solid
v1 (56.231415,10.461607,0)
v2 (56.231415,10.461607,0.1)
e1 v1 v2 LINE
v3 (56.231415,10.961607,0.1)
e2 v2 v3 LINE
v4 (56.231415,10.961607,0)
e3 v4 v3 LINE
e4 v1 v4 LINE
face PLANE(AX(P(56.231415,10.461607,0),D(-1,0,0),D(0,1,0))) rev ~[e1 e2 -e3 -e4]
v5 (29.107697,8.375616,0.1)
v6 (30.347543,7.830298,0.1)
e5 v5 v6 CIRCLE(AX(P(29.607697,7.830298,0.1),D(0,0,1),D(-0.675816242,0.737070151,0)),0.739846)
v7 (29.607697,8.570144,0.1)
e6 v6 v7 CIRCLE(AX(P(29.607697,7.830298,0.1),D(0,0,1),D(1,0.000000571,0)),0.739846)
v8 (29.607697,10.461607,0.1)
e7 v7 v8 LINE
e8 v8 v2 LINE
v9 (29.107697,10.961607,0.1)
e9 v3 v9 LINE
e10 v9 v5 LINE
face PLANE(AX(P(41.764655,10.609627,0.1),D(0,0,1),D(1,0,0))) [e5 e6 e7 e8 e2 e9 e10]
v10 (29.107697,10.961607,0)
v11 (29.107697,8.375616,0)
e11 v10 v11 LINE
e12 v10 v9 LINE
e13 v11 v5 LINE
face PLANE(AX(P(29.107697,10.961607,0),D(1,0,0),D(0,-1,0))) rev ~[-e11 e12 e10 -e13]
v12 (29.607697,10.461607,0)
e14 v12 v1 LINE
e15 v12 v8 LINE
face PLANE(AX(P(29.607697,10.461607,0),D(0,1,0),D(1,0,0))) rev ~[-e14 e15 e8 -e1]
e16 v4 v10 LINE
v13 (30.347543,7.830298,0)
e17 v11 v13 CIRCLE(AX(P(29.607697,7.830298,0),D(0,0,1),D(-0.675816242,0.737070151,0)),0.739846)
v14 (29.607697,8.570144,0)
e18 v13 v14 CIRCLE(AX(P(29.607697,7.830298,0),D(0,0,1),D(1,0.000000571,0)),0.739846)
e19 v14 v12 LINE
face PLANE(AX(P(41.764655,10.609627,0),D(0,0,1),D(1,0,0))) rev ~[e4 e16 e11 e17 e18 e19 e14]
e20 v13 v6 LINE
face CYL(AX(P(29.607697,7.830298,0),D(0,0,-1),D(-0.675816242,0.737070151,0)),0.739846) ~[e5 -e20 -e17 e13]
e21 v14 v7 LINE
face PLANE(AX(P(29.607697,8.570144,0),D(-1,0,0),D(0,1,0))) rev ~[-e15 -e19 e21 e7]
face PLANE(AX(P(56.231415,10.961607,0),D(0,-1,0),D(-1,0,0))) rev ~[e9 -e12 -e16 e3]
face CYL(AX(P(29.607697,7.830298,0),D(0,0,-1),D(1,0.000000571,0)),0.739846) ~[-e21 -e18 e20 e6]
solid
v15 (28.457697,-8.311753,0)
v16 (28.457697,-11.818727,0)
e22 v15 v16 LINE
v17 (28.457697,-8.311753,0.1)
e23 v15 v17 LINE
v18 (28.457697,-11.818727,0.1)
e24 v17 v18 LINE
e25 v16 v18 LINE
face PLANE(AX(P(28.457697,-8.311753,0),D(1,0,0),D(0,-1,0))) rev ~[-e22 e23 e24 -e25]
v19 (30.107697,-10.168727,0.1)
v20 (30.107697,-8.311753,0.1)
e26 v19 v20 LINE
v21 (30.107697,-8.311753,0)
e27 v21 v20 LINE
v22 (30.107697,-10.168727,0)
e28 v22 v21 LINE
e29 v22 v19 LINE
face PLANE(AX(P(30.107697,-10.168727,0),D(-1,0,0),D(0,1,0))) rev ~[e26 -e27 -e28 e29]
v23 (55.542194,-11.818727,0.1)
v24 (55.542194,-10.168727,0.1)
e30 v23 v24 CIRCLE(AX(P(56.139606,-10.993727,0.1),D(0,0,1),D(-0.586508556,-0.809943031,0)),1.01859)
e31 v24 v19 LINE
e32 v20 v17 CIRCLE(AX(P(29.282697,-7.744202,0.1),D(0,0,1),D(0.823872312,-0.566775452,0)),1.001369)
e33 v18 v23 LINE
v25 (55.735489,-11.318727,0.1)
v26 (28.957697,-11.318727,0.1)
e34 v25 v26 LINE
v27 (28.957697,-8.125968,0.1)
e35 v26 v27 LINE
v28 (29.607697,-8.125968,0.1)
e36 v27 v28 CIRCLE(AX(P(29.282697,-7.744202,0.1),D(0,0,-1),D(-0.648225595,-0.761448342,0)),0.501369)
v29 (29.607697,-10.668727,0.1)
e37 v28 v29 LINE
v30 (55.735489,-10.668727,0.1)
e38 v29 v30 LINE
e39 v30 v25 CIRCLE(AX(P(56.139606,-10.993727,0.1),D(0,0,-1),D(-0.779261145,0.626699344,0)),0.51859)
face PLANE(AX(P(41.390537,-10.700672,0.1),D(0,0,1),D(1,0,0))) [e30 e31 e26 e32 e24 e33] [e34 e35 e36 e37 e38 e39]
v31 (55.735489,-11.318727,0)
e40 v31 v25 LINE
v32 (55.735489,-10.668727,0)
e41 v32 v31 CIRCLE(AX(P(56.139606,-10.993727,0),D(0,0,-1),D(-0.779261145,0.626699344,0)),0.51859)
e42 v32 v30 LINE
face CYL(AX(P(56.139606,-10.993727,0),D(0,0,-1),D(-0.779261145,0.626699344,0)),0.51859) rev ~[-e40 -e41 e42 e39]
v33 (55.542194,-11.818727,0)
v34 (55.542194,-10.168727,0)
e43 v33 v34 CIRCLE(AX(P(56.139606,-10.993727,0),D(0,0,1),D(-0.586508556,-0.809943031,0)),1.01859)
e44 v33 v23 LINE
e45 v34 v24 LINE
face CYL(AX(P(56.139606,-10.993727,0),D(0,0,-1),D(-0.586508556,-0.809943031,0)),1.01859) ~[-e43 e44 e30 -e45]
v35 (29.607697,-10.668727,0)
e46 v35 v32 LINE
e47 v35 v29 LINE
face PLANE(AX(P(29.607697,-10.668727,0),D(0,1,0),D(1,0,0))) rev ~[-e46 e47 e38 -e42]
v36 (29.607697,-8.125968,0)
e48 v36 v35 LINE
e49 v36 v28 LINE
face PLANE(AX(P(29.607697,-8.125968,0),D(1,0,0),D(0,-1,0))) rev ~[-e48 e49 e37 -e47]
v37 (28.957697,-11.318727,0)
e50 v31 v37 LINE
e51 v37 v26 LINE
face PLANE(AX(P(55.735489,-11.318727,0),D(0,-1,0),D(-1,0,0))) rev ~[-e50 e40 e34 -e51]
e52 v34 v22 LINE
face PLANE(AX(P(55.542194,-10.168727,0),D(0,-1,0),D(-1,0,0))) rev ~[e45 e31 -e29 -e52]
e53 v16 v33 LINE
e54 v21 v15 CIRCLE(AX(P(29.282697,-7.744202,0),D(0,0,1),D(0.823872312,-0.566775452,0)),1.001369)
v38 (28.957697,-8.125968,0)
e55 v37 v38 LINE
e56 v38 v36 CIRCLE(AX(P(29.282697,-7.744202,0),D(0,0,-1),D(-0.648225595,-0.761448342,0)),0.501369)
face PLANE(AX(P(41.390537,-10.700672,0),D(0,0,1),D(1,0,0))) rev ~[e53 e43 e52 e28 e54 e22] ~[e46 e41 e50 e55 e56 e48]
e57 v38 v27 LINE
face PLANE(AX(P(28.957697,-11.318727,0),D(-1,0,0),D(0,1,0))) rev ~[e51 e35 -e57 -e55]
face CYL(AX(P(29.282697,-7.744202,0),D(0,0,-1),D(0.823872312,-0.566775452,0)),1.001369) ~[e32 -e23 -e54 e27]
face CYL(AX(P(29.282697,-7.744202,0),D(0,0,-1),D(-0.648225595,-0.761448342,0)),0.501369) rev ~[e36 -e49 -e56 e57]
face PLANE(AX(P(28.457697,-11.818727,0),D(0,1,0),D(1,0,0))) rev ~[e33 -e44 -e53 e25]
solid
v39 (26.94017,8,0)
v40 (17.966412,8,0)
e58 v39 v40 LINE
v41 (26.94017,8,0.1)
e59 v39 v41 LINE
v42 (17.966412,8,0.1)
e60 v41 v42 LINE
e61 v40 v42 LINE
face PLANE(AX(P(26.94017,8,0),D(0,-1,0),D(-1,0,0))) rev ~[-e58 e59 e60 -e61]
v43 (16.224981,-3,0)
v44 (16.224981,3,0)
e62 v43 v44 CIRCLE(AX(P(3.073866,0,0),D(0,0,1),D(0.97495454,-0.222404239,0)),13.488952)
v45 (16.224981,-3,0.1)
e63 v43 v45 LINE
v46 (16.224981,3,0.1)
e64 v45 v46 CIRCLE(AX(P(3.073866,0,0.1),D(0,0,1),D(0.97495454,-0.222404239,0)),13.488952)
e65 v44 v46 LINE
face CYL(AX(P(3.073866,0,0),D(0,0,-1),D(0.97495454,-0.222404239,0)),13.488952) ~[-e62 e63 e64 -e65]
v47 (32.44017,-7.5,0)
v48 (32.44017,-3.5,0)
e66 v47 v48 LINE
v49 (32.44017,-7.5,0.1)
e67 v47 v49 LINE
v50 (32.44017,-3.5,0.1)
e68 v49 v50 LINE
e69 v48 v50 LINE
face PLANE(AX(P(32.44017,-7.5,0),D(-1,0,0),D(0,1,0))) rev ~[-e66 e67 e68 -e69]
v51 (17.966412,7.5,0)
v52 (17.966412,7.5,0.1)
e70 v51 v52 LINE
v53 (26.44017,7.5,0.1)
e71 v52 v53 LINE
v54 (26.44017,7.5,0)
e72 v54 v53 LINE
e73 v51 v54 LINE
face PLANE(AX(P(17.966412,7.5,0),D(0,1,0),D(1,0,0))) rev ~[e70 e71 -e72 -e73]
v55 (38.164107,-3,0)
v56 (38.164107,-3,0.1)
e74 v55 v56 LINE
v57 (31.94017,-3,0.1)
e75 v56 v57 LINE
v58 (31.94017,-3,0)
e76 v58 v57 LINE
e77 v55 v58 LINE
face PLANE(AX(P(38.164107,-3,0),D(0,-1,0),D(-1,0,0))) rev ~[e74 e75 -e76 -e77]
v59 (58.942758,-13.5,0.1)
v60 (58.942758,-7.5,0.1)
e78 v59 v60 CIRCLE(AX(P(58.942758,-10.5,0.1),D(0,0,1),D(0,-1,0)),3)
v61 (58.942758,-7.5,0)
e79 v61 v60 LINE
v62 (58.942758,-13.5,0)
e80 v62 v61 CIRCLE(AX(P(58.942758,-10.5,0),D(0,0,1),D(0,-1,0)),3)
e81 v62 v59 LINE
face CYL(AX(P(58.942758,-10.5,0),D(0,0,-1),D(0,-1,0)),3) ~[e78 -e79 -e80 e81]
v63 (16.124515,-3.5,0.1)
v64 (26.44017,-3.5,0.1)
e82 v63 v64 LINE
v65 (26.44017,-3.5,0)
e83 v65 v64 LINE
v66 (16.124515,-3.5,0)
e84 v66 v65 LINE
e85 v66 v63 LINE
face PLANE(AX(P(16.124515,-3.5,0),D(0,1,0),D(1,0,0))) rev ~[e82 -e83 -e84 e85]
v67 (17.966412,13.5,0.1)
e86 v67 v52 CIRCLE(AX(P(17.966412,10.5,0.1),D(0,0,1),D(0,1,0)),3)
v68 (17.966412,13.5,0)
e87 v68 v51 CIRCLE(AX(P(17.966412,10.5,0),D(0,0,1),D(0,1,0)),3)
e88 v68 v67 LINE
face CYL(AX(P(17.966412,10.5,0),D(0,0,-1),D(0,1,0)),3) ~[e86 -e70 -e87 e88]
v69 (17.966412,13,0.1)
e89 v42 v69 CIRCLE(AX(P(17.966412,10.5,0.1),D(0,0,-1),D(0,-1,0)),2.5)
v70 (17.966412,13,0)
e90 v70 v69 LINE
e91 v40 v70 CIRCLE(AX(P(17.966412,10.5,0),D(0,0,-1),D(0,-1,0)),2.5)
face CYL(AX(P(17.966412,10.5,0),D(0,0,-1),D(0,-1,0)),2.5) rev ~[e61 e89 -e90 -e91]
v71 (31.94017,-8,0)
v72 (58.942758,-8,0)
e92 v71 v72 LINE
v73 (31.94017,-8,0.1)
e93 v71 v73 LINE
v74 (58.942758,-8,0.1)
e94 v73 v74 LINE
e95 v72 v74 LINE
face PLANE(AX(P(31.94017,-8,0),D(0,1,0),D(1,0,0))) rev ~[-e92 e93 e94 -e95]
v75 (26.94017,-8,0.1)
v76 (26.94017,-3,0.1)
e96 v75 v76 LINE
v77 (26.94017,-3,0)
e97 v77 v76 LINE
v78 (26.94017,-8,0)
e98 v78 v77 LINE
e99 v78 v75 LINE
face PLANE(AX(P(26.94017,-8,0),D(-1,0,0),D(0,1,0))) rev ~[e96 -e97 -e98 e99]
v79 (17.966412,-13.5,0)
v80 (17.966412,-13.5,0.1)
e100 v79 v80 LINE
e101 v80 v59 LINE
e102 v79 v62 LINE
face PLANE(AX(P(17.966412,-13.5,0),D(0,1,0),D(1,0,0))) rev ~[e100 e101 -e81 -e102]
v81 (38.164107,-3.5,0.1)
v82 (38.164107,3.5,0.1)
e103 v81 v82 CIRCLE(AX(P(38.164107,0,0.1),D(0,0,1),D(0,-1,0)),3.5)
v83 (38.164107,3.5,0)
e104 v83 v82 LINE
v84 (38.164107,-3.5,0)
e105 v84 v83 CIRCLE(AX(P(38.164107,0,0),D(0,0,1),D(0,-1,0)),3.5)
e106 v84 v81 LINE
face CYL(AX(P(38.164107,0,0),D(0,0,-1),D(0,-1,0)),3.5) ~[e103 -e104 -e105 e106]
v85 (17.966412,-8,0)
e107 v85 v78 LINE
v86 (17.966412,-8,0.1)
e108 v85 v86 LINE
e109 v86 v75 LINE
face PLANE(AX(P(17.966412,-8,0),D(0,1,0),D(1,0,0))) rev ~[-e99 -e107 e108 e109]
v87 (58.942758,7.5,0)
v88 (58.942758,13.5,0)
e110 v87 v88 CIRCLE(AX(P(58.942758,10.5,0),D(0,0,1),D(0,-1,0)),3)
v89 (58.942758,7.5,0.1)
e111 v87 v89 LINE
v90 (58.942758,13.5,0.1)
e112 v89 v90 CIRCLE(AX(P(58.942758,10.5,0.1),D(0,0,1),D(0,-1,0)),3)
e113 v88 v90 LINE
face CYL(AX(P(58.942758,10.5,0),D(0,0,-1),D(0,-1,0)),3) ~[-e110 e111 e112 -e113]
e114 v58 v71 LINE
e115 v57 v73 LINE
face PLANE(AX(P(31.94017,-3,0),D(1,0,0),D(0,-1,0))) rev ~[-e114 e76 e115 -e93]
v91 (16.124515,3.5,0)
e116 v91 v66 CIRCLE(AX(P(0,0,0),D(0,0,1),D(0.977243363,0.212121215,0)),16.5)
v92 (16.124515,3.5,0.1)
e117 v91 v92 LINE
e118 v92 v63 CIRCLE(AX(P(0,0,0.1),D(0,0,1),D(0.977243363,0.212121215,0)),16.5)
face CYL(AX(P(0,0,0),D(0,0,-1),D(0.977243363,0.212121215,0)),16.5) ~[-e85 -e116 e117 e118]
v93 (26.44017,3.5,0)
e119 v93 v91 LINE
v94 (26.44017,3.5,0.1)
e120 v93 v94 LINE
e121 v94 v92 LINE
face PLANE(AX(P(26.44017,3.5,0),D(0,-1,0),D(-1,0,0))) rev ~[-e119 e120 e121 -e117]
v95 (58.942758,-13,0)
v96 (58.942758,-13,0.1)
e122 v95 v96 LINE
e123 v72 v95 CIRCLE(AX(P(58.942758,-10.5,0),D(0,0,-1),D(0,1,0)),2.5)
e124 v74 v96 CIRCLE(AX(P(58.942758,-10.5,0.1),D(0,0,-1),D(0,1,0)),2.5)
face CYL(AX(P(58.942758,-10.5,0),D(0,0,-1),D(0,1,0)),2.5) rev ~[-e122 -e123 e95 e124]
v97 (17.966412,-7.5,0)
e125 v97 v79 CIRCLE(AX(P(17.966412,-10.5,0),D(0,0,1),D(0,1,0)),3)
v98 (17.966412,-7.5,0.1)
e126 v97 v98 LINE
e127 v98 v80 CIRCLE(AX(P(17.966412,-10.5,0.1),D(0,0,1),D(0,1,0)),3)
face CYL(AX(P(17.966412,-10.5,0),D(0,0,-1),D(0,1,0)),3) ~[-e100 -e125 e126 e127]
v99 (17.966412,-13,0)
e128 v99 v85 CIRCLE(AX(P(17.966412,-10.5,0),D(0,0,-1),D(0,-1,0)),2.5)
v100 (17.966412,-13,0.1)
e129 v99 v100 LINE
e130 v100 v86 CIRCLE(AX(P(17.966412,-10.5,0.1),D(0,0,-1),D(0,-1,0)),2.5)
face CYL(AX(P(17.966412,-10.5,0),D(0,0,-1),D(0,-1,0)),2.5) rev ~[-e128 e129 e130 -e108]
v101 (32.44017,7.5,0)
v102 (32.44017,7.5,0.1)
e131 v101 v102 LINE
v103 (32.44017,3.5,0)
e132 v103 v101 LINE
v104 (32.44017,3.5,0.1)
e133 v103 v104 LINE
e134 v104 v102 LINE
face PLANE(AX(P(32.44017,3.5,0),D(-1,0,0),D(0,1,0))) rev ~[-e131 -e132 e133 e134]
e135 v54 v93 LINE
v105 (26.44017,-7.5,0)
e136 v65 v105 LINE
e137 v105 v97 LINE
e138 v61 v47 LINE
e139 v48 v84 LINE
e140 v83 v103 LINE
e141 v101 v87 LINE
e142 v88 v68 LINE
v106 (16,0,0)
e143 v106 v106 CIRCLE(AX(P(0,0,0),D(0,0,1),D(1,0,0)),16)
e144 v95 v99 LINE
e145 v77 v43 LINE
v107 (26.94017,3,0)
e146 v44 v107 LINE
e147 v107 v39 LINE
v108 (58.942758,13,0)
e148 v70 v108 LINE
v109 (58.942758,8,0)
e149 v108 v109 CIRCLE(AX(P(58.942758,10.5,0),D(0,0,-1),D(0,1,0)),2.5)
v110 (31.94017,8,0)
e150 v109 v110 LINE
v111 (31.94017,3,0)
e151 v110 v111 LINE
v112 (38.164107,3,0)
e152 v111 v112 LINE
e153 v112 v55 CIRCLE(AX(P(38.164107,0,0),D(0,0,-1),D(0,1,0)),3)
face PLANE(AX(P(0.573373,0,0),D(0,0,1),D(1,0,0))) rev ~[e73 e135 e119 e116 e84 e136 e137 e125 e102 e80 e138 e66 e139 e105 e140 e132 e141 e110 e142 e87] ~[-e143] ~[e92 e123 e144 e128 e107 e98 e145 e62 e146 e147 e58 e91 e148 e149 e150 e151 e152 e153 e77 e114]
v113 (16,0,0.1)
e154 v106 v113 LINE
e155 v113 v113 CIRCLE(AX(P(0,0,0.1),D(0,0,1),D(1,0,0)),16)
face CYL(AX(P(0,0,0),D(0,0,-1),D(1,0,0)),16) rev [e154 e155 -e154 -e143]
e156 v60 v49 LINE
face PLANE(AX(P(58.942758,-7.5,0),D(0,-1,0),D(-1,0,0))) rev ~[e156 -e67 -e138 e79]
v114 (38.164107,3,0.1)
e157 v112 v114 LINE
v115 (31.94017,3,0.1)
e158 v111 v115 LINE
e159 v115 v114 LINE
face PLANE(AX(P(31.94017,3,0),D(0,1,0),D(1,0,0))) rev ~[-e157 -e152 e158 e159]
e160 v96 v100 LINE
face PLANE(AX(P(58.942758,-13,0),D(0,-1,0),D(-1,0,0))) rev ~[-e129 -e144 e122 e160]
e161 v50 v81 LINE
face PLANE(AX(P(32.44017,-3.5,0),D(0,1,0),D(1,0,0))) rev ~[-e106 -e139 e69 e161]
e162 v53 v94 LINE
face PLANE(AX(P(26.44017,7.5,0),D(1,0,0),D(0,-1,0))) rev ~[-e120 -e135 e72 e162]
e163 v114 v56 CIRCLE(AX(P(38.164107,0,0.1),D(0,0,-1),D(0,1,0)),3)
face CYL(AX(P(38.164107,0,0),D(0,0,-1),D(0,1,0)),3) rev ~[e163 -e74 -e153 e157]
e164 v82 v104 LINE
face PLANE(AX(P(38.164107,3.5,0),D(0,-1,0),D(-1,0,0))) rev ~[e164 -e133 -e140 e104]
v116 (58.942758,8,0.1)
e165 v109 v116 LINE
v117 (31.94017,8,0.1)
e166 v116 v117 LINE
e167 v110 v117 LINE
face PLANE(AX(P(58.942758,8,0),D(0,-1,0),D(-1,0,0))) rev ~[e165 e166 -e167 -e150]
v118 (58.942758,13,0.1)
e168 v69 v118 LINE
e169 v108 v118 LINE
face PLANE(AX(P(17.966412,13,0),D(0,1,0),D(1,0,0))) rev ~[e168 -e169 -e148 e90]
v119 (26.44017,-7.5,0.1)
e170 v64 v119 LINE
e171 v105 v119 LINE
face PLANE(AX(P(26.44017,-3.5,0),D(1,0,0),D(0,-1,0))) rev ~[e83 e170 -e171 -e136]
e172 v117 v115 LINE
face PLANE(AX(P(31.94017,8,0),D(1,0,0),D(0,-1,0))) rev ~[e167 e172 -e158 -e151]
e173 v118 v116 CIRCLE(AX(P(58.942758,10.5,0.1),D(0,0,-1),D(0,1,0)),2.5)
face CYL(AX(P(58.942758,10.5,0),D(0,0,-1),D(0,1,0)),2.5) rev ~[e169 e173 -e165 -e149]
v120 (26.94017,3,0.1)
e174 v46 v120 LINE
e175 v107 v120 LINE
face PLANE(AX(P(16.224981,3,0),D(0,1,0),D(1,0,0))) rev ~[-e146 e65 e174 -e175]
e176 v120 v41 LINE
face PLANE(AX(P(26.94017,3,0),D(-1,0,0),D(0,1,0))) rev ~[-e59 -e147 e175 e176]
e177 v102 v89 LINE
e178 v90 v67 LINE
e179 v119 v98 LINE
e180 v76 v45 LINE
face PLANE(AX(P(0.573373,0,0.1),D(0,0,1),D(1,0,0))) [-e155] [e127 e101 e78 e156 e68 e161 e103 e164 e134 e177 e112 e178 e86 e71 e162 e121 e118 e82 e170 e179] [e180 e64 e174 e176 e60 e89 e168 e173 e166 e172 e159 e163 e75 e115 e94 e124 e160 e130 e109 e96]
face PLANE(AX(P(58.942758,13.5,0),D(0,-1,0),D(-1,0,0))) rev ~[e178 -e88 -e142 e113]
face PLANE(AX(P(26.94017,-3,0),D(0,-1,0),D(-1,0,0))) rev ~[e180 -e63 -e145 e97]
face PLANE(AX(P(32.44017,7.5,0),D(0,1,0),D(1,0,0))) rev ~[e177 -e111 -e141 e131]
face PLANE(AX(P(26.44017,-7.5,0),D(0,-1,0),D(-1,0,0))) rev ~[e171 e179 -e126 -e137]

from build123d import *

# Parameters (mm, degrees)
F0_R     = 16
F1_DEPTH = 0.1
F3_DEPTH = 0.1


with BuildPart() as f1:
    # F0 (on Top) → F1 (new body)
    with BuildSketch(Plane.XY):
        with BuildLine():
            ThreePointArc((16.224981, -3), (16.562818, 0), (16.224981, 3))
            ThreePointArc((16.224981, 3), (16.17668, 3.250388), (16.124515, 3.5))
            ThreePointArc((16.124515, 3.5), (-16.5, 0), (16.124515, -3.5))
            ThreePointArc((16.124515, -3.5), (16.17668, -3.250388), (16.224981, -3))
        make_face()
        Circle(F0_R, mode=Mode.SUBTRACT)
        with BuildLine():
            ThreePointArc((16.124515, 3.5), (16.17668, 3.250388), (16.224981, 3))
            Line((16.224981, 3), (26.94017, 3))
            Line((26.94017, 3), (26.94017, 8))
            Line((26.94017, 8), (17.966412, 8))
            ThreePointArc((17.966412, 8), (15.466412, 10.5), (17.966412, 13))
            Line((17.966412, 13), (58.942758, 13))
            ThreePointArc((58.942758, 13), (61.442758, 10.5), (58.942758, 8))
            Line((58.942758, 8), (31.94017, 8))
            Line((31.94017, 8), (31.94017, 3))
            Line((31.94017, 3), (38.164107, 3))
            ThreePointArc((38.164107, 3), (41.164107, 0), (38.164107, -3))
            Line((38.164107, -3), (31.94017, -3))
            Line((31.94017, -3), (31.94017, -8))
            Line((31.94017, -8), (58.942758, -8))
            ThreePointArc((58.942758, -8), (61.442758, -10.5), (58.942758, -13))
            Line((58.942758, -13), (17.966412, -13))
            ThreePointArc((17.966412, -13), (15.466412, -10.5), (17.966412, -8))
            Line((17.966412, -8), (26.94017, -8))
            Line((26.94017, -8), (26.94017, -3))
            Line((26.94017, -3), (16.224981, -3))
            ThreePointArc((16.224981, -3), (16.17668, -3.250388), (16.124515, -3.5))
            Line((16.124515, -3.5), (26.44017, -3.5))
            Line((26.44017, -3.5), (26.44017, -7.5))
            Line((26.44017, -7.5), (17.966412, -7.5))
            ThreePointArc((17.966412, -7.5), (14.966412, -10.5), (17.966412, -13.5))
            Line((17.966412, -13.5), (58.942758, -13.5))
            ThreePointArc((58.942758, -13.5), (61.942758, -10.5), (58.942758, -7.5))
            Line((58.942758, -7.5), (32.44017, -7.5))
            Line((32.44017, -7.5), (32.44017, -3.5))
            Line((32.44017, -3.5), (38.164107, -3.5))
            ThreePointArc((38.164107, -3.5), (41.664107, 0), (38.164107, 3.5))
            Line((38.164107, 3.5), (32.44017, 3.5))
            Line((32.44017, 3.5), (32.44017, 7.5))
            Line((32.44017, 7.5), (58.942758, 7.5))
            ThreePointArc((58.942758, 7.5), (61.942758, 10.5), (58.942758, 13.5))
            Line((58.942758, 13.5), (17.966412, 13.5))
            ThreePointArc((17.966412, 13.5), (14.966412, 10.5), (17.966412, 7.5))
            Line((17.966412, 7.5), (26.44017, 7.5))
            Line((26.44017, 7.5), (26.44017, 3.5))
            Line((26.44017, 3.5), (16.124515, 3.5))
        make_face()
    extrude(amount=F1_DEPTH)


with BuildPart() as f3:
    # F2 (on Top) → F3 (new body)
    with BuildSketch(Plane.XY):
        with BuildLine():
            Line((29.607697, 10.461607), (56.231415, 10.461607))
            Line((56.231415, 10.461607), (56.231415, 10.961607))
            Line((56.231415, 10.961607), (29.107697, 10.961607))
            Line((29.107697, 10.961607), (29.107697, 8.375616))
            ThreePointArc((29.107697, 8.375616), (29.339443, 8.519799), (29.607697, 8.570144))
            Line((29.607697, 8.570144), (29.607697, 10.461607))
        make_face()
        with BuildLine():
            ThreePointArc((30.347543, 7.830298), (30.130847, 8.353448), (29.607697, 8.570144))
            Line((29.607697, 8.570144), (29.607697, 7.830298))
            Line((29.607697, 7.830298), (29.107697, 7.830298))
            Line((29.107697, 7.830298), (29.107697, 8.375616))
            ThreePointArc((29.107697, 8.375616), (29.309831, 7.153062), (30.347543, 7.830298))
        make_face()
        with BuildLine():
            Line((29.607697, 7.830298), (29.607697, 8.570144))
            ThreePointArc((29.607697, 8.570144), (29.339443, 8.519799), (29.107697, 8.375616))
            Line((29.107697, 8.375616), (29.107697, 7.830298))
            Line((29.107697, 7.830298), (29.607697, 7.830298))
        make_face()
        with BuildLine():
            Line((28.457697, -11.818727), (55.542194, -11.818727))
            ThreePointArc((55.542194, -11.818727), (57.158196, -10.993727), (55.542194, -10.168727))
            Line((55.542194, -10.168727), (30.107697, -10.168727))
            Line((30.107697, -10.168727), (30.107697, -8.311753))
            ThreePointArc((30.107697, -8.311753), (29.282697, -6.742833), (28.457697, -8.311753))
            Line((28.457697, -8.311753), (28.457697, -11.818727))
        make_face()
        with BuildLine():
            Line((29.607697, -10.668727), (55.735489, -10.668727))
            ThreePointArc((55.735489, -10.668727), (56.658196, -10.993727), (55.735489, -11.318727))
            Line((55.735489, -11.318727), (28.957697, -11.318727))
            Line((28.957697, -11.318727), (28.957697, -8.125968))
            ThreePointArc((28.957697, -8.125968), (29.282697, -7.242833), (29.607697, -8.125968))
            Line((29.607697, -8.125968), (29.607697, -10.668727))
        make_face(mode=Mode.SUBTRACT)
    extrude(amount=F3_DEPTH)


solid = Compound([f1.part, f3.part])
